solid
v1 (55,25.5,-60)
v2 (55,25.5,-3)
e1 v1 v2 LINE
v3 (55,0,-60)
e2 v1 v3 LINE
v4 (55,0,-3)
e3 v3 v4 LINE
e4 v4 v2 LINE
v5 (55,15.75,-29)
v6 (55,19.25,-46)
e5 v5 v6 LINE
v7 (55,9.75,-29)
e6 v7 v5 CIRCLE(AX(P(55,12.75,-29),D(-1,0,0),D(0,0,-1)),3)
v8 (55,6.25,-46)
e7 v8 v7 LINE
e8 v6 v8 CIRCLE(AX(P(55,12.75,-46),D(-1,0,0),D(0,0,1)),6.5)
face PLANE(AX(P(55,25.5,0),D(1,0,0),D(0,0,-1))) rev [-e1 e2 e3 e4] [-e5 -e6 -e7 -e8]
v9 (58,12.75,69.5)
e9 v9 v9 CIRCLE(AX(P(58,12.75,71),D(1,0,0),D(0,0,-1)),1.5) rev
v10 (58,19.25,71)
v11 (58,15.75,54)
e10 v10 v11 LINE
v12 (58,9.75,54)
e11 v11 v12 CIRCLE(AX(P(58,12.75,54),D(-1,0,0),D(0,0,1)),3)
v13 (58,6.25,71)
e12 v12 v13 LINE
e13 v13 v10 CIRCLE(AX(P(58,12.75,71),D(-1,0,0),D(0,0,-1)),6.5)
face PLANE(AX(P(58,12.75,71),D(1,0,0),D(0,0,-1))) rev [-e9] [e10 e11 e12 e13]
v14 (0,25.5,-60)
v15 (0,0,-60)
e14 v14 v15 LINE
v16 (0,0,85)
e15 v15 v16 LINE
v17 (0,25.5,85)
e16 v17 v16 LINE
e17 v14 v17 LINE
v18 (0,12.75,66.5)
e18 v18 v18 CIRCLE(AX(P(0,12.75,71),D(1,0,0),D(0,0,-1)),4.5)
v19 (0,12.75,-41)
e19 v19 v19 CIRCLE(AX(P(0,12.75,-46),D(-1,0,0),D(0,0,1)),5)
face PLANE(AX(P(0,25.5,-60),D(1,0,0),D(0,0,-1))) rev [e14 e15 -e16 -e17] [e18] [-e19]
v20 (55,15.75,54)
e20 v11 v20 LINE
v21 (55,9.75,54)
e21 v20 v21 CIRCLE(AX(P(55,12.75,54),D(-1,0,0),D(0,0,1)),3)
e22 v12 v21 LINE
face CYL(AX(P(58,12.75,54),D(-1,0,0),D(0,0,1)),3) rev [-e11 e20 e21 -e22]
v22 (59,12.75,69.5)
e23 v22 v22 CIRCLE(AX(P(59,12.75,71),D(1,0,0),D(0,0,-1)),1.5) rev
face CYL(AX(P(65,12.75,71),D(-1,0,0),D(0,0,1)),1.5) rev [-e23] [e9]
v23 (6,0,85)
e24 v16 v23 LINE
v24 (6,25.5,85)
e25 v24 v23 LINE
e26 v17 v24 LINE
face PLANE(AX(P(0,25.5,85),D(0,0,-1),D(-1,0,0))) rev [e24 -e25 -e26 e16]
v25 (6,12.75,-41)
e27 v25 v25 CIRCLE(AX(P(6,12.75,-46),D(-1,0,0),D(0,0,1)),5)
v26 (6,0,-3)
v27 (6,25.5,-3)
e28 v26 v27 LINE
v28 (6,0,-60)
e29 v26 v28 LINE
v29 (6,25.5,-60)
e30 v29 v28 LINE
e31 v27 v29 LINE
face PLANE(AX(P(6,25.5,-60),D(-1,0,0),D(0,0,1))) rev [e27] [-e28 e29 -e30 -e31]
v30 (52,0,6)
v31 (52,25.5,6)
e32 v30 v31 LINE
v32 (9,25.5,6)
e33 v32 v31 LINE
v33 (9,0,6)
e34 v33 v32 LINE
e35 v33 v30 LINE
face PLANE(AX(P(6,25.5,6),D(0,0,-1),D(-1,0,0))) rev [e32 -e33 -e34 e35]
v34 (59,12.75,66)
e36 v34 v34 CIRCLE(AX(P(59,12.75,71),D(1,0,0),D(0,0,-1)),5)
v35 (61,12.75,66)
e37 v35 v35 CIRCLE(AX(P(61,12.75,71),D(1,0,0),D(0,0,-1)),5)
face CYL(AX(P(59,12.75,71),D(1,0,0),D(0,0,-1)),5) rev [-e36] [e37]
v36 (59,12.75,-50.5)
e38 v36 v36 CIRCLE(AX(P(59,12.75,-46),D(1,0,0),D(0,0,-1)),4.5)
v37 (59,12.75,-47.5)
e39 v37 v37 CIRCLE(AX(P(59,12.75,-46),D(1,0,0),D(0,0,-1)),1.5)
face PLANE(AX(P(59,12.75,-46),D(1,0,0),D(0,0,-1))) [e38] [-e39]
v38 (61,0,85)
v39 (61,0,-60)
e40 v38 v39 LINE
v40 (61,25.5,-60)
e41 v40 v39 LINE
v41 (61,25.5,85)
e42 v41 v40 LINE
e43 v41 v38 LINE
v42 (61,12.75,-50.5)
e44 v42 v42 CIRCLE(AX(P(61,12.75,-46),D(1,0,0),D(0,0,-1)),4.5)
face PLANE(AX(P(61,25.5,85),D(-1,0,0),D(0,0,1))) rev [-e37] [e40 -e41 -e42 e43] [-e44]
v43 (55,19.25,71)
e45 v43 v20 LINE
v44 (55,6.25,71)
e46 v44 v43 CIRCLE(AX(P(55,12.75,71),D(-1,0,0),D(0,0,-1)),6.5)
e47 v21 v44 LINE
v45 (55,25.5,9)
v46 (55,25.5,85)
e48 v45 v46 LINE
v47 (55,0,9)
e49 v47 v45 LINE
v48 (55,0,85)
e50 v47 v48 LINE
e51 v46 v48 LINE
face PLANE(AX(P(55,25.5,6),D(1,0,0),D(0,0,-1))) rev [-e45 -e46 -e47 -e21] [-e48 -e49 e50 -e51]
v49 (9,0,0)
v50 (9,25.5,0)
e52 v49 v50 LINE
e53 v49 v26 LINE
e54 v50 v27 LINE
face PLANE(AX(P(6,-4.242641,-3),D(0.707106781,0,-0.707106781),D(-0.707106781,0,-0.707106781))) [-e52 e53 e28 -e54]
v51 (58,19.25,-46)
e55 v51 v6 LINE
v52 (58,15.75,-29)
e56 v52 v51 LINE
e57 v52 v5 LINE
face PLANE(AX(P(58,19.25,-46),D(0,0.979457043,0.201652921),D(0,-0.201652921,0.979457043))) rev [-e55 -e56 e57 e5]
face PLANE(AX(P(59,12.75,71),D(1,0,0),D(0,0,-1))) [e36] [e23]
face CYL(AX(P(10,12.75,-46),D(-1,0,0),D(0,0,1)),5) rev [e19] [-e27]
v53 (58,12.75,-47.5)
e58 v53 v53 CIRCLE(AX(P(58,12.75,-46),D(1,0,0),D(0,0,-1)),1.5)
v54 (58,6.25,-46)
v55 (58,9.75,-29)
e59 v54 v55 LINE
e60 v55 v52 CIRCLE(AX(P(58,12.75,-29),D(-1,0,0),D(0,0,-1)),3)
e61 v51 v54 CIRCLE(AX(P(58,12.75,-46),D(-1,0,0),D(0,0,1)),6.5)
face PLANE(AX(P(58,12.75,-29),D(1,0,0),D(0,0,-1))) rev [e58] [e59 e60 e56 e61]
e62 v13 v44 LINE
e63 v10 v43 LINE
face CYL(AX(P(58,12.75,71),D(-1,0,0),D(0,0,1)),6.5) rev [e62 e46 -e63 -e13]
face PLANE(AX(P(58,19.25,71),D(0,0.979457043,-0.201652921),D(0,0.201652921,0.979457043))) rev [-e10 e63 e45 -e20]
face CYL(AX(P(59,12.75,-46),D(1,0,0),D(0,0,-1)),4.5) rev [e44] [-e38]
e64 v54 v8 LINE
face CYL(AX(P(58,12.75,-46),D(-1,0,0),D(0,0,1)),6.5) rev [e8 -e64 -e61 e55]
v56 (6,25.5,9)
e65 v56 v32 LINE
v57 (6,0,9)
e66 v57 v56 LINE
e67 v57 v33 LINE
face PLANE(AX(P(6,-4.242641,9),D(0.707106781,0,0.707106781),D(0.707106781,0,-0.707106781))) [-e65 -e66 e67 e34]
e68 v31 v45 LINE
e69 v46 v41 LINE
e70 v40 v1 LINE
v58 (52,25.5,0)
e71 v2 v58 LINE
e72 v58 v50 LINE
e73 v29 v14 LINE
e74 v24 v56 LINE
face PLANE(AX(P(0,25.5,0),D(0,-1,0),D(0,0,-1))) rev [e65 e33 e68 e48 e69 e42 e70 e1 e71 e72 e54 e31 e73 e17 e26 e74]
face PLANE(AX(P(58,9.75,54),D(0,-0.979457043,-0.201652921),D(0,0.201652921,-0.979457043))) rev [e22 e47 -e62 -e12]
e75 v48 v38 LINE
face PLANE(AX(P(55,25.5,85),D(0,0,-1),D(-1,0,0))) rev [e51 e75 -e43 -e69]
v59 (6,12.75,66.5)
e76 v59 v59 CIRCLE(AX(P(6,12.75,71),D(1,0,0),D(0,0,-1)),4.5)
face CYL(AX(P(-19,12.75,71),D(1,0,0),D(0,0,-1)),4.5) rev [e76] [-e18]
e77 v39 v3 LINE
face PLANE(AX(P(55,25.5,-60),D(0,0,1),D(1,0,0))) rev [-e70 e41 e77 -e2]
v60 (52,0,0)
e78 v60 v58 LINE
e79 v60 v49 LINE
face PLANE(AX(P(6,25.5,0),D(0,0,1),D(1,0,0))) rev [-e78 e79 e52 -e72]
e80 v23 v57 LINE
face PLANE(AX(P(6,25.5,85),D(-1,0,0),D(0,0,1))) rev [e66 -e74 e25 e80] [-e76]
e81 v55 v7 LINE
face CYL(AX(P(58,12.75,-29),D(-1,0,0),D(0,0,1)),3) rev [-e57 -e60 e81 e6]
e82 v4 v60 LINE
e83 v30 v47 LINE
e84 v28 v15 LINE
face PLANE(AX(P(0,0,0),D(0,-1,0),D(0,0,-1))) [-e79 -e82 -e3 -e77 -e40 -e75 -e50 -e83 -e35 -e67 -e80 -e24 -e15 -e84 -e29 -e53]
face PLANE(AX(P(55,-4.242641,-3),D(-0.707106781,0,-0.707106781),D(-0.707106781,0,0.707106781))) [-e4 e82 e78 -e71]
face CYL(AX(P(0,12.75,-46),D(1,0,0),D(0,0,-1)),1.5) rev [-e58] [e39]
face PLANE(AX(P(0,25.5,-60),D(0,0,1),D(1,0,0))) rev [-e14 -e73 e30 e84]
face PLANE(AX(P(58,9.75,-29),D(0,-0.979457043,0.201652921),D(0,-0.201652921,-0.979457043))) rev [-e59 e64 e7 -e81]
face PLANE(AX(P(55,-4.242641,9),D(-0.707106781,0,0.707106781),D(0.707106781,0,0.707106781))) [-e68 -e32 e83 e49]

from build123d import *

# Parameters (mm, degrees)
BOSS_EXTRUDE1_DEPTH     = 25.5
SKETCH2_R               = 4.5
CUT_EXTRUDE1_DEPTH      = 25
SKETCH3_R               = 1.5
CUT_EXTRUDE2_DEPTH      = 10
SKETCH4_R               = 5
CUT_EXTRUDE3_DEPTH      = 2
CUT_EXTRUDE4_DEPTH      = 3
CUT_EXTRUDE5_DEPTH      = 3
SKETCH7_R               = 4.5
CUT_EXTRUDE6_DEPTH      = 2
CUT_EXTRUDE7_DEPTH      = 108.685885798
CUT_EXTRUDE7_DEPTH_BACK = 108.685885798
SKETCH8_R               = 1.5
SKETCH9_R               = 5
CUT_EXTRUDE8_DEPTH      = 10
BOSS_EXTRUDE2_DEPTH     = 25.5


with BuildPart() as part:
    # Sketch1 → Boss-Extrude1 (new body)
    with BuildSketch(Plane(origin=(0, 0, 0), x_dir=(1, 0, 0), z_dir=(0, 1, 0))):
        Polygon((6, -6), (55, -6), (55, -85), (61, -85), (61, 60), (55, 60), (55, 0), (6, 0), (6, 60), (0, 60), (0, -85), (6, -85), align=None)
    extrude(amount=BOSS_EXTRUDE1_DEPTH)

    # Sketch2 → Cut-Extrude1 (cut)
    with BuildSketch(Plane(origin=(6, 0, 0), x_dir=(0, 0, -1), z_dir=(1, 0, 0))):
        with Locations((-71, 12.75)):
            Circle(SKETCH2_R)
    extrude(amount=-CUT_EXTRUDE1_DEPTH, mode=Mode.SUBTRACT)

    # Sketch3 → Cut-Extrude2 (cut)
    with BuildSketch(Plane.ZY.offset(-55)):
        with Locations((71, 12.75)):
            Circle(SKETCH3_R)
    extrude(amount=-CUT_EXTRUDE2_DEPTH, mode=Mode.SUBTRACT)

    # Sketch4 → Cut-Extrude3 (cut)
    with BuildSketch(Plane(origin=(61, 0, 0), x_dir=(0, 0, -1), z_dir=(1, 0, 0))):
        with Locations((-71, 12.75)):
            Circle(SKETCH4_R)
    extrude(amount=-CUT_EXTRUDE3_DEPTH, mode=Mode.SUBTRACT)

    # Sketch5 → Cut-Extrude4 (cut)
    with BuildSketch(Plane.ZY.offset(-55)):
        with BuildLine():
            Line((71, 19.25), (54, 15.75))
            ThreePointArc((54, 15.75), (51, 12.75), (54, 9.75))
            Line((54, 9.75), (71, 6.25))
            ThreePointArc((71, 6.25), (77.5, 12.75), (71, 19.25))
        make_face()
    extrude(amount=-CUT_EXTRUDE4_DEPTH, mode=Mode.SUBTRACT)

    # Sketch6 → Cut-Extrude5 (cut)
    with BuildSketch(Plane.ZY.offset(-55)):
        with BuildLine():
            Line((-29, 9.75), (-46, 6.25))
            ThreePointArc((-46, 6.25), (-52.5, 12.75), (-46, 19.25))
            Line((-46, 19.25), (-29, 15.75))
            ThreePointArc((-29, 15.75), (-26, 12.75), (-29, 9.75))
        make_face()
    extrude(amount=-CUT_EXTRUDE5_DEPTH, mode=Mode.SUBTRACT)

    # Sketch7 → Cut-Extrude6 (cut)
    with BuildSketch(Plane(origin=(61, 0, 0), x_dir=(0, 0, -1), z_dir=(1, 0, 0))):
        with Locations((46, 12.75)):
            Circle(SKETCH7_R)
    extrude(amount=-CUT_EXTRUDE6_DEPTH, mode=Mode.SUBTRACT)

    # Sketch8 → Cut-Extrude7 (cut, two sides: drawn at the far end of the back side and taken through both)
    with BuildSketch(Plane(origin=(61, 0, 0), x_dir=(0, 0, -1), z_dir=(1, 0, 0)).offset(-CUT_EXTRUDE7_DEPTH_BACK)):
        with Locations((46, 12.75)):
            Circle(SKETCH8_R)
    extrude(amount=CUT_EXTRUDE7_DEPTH + CUT_EXTRUDE7_DEPTH_BACK, mode=Mode.SUBTRACT)

    # Sketch9 → Cut-Extrude8 (cut)
    with BuildSketch(Plane.ZY):
        with Locations((-46, 12.75)):
            Circle(SKETCH9_R)
    extrude(amount=-CUT_EXTRUDE8_DEPTH, mode=Mode.SUBTRACT)

    # Sketch10 → Boss-Extrude2 (add)
    with BuildSketch(Plane(origin=(0, 25.5, 0), x_dir=(1, 0, 0), z_dir=(0, 1, 0))):
        Polygon((9, -6), (6, -6), (6, -9), align=None)
        Polygon((6, 0), (6, 3), (9, 0), align=None)
        Polygon((52, 0), (55, 0), (55, 3), align=None)
        Polygon((55, -6), (55, -9), (52, -6), align=None)
    extrude(amount=-BOSS_EXTRUDE2_DEPTH)


solid = part.part
